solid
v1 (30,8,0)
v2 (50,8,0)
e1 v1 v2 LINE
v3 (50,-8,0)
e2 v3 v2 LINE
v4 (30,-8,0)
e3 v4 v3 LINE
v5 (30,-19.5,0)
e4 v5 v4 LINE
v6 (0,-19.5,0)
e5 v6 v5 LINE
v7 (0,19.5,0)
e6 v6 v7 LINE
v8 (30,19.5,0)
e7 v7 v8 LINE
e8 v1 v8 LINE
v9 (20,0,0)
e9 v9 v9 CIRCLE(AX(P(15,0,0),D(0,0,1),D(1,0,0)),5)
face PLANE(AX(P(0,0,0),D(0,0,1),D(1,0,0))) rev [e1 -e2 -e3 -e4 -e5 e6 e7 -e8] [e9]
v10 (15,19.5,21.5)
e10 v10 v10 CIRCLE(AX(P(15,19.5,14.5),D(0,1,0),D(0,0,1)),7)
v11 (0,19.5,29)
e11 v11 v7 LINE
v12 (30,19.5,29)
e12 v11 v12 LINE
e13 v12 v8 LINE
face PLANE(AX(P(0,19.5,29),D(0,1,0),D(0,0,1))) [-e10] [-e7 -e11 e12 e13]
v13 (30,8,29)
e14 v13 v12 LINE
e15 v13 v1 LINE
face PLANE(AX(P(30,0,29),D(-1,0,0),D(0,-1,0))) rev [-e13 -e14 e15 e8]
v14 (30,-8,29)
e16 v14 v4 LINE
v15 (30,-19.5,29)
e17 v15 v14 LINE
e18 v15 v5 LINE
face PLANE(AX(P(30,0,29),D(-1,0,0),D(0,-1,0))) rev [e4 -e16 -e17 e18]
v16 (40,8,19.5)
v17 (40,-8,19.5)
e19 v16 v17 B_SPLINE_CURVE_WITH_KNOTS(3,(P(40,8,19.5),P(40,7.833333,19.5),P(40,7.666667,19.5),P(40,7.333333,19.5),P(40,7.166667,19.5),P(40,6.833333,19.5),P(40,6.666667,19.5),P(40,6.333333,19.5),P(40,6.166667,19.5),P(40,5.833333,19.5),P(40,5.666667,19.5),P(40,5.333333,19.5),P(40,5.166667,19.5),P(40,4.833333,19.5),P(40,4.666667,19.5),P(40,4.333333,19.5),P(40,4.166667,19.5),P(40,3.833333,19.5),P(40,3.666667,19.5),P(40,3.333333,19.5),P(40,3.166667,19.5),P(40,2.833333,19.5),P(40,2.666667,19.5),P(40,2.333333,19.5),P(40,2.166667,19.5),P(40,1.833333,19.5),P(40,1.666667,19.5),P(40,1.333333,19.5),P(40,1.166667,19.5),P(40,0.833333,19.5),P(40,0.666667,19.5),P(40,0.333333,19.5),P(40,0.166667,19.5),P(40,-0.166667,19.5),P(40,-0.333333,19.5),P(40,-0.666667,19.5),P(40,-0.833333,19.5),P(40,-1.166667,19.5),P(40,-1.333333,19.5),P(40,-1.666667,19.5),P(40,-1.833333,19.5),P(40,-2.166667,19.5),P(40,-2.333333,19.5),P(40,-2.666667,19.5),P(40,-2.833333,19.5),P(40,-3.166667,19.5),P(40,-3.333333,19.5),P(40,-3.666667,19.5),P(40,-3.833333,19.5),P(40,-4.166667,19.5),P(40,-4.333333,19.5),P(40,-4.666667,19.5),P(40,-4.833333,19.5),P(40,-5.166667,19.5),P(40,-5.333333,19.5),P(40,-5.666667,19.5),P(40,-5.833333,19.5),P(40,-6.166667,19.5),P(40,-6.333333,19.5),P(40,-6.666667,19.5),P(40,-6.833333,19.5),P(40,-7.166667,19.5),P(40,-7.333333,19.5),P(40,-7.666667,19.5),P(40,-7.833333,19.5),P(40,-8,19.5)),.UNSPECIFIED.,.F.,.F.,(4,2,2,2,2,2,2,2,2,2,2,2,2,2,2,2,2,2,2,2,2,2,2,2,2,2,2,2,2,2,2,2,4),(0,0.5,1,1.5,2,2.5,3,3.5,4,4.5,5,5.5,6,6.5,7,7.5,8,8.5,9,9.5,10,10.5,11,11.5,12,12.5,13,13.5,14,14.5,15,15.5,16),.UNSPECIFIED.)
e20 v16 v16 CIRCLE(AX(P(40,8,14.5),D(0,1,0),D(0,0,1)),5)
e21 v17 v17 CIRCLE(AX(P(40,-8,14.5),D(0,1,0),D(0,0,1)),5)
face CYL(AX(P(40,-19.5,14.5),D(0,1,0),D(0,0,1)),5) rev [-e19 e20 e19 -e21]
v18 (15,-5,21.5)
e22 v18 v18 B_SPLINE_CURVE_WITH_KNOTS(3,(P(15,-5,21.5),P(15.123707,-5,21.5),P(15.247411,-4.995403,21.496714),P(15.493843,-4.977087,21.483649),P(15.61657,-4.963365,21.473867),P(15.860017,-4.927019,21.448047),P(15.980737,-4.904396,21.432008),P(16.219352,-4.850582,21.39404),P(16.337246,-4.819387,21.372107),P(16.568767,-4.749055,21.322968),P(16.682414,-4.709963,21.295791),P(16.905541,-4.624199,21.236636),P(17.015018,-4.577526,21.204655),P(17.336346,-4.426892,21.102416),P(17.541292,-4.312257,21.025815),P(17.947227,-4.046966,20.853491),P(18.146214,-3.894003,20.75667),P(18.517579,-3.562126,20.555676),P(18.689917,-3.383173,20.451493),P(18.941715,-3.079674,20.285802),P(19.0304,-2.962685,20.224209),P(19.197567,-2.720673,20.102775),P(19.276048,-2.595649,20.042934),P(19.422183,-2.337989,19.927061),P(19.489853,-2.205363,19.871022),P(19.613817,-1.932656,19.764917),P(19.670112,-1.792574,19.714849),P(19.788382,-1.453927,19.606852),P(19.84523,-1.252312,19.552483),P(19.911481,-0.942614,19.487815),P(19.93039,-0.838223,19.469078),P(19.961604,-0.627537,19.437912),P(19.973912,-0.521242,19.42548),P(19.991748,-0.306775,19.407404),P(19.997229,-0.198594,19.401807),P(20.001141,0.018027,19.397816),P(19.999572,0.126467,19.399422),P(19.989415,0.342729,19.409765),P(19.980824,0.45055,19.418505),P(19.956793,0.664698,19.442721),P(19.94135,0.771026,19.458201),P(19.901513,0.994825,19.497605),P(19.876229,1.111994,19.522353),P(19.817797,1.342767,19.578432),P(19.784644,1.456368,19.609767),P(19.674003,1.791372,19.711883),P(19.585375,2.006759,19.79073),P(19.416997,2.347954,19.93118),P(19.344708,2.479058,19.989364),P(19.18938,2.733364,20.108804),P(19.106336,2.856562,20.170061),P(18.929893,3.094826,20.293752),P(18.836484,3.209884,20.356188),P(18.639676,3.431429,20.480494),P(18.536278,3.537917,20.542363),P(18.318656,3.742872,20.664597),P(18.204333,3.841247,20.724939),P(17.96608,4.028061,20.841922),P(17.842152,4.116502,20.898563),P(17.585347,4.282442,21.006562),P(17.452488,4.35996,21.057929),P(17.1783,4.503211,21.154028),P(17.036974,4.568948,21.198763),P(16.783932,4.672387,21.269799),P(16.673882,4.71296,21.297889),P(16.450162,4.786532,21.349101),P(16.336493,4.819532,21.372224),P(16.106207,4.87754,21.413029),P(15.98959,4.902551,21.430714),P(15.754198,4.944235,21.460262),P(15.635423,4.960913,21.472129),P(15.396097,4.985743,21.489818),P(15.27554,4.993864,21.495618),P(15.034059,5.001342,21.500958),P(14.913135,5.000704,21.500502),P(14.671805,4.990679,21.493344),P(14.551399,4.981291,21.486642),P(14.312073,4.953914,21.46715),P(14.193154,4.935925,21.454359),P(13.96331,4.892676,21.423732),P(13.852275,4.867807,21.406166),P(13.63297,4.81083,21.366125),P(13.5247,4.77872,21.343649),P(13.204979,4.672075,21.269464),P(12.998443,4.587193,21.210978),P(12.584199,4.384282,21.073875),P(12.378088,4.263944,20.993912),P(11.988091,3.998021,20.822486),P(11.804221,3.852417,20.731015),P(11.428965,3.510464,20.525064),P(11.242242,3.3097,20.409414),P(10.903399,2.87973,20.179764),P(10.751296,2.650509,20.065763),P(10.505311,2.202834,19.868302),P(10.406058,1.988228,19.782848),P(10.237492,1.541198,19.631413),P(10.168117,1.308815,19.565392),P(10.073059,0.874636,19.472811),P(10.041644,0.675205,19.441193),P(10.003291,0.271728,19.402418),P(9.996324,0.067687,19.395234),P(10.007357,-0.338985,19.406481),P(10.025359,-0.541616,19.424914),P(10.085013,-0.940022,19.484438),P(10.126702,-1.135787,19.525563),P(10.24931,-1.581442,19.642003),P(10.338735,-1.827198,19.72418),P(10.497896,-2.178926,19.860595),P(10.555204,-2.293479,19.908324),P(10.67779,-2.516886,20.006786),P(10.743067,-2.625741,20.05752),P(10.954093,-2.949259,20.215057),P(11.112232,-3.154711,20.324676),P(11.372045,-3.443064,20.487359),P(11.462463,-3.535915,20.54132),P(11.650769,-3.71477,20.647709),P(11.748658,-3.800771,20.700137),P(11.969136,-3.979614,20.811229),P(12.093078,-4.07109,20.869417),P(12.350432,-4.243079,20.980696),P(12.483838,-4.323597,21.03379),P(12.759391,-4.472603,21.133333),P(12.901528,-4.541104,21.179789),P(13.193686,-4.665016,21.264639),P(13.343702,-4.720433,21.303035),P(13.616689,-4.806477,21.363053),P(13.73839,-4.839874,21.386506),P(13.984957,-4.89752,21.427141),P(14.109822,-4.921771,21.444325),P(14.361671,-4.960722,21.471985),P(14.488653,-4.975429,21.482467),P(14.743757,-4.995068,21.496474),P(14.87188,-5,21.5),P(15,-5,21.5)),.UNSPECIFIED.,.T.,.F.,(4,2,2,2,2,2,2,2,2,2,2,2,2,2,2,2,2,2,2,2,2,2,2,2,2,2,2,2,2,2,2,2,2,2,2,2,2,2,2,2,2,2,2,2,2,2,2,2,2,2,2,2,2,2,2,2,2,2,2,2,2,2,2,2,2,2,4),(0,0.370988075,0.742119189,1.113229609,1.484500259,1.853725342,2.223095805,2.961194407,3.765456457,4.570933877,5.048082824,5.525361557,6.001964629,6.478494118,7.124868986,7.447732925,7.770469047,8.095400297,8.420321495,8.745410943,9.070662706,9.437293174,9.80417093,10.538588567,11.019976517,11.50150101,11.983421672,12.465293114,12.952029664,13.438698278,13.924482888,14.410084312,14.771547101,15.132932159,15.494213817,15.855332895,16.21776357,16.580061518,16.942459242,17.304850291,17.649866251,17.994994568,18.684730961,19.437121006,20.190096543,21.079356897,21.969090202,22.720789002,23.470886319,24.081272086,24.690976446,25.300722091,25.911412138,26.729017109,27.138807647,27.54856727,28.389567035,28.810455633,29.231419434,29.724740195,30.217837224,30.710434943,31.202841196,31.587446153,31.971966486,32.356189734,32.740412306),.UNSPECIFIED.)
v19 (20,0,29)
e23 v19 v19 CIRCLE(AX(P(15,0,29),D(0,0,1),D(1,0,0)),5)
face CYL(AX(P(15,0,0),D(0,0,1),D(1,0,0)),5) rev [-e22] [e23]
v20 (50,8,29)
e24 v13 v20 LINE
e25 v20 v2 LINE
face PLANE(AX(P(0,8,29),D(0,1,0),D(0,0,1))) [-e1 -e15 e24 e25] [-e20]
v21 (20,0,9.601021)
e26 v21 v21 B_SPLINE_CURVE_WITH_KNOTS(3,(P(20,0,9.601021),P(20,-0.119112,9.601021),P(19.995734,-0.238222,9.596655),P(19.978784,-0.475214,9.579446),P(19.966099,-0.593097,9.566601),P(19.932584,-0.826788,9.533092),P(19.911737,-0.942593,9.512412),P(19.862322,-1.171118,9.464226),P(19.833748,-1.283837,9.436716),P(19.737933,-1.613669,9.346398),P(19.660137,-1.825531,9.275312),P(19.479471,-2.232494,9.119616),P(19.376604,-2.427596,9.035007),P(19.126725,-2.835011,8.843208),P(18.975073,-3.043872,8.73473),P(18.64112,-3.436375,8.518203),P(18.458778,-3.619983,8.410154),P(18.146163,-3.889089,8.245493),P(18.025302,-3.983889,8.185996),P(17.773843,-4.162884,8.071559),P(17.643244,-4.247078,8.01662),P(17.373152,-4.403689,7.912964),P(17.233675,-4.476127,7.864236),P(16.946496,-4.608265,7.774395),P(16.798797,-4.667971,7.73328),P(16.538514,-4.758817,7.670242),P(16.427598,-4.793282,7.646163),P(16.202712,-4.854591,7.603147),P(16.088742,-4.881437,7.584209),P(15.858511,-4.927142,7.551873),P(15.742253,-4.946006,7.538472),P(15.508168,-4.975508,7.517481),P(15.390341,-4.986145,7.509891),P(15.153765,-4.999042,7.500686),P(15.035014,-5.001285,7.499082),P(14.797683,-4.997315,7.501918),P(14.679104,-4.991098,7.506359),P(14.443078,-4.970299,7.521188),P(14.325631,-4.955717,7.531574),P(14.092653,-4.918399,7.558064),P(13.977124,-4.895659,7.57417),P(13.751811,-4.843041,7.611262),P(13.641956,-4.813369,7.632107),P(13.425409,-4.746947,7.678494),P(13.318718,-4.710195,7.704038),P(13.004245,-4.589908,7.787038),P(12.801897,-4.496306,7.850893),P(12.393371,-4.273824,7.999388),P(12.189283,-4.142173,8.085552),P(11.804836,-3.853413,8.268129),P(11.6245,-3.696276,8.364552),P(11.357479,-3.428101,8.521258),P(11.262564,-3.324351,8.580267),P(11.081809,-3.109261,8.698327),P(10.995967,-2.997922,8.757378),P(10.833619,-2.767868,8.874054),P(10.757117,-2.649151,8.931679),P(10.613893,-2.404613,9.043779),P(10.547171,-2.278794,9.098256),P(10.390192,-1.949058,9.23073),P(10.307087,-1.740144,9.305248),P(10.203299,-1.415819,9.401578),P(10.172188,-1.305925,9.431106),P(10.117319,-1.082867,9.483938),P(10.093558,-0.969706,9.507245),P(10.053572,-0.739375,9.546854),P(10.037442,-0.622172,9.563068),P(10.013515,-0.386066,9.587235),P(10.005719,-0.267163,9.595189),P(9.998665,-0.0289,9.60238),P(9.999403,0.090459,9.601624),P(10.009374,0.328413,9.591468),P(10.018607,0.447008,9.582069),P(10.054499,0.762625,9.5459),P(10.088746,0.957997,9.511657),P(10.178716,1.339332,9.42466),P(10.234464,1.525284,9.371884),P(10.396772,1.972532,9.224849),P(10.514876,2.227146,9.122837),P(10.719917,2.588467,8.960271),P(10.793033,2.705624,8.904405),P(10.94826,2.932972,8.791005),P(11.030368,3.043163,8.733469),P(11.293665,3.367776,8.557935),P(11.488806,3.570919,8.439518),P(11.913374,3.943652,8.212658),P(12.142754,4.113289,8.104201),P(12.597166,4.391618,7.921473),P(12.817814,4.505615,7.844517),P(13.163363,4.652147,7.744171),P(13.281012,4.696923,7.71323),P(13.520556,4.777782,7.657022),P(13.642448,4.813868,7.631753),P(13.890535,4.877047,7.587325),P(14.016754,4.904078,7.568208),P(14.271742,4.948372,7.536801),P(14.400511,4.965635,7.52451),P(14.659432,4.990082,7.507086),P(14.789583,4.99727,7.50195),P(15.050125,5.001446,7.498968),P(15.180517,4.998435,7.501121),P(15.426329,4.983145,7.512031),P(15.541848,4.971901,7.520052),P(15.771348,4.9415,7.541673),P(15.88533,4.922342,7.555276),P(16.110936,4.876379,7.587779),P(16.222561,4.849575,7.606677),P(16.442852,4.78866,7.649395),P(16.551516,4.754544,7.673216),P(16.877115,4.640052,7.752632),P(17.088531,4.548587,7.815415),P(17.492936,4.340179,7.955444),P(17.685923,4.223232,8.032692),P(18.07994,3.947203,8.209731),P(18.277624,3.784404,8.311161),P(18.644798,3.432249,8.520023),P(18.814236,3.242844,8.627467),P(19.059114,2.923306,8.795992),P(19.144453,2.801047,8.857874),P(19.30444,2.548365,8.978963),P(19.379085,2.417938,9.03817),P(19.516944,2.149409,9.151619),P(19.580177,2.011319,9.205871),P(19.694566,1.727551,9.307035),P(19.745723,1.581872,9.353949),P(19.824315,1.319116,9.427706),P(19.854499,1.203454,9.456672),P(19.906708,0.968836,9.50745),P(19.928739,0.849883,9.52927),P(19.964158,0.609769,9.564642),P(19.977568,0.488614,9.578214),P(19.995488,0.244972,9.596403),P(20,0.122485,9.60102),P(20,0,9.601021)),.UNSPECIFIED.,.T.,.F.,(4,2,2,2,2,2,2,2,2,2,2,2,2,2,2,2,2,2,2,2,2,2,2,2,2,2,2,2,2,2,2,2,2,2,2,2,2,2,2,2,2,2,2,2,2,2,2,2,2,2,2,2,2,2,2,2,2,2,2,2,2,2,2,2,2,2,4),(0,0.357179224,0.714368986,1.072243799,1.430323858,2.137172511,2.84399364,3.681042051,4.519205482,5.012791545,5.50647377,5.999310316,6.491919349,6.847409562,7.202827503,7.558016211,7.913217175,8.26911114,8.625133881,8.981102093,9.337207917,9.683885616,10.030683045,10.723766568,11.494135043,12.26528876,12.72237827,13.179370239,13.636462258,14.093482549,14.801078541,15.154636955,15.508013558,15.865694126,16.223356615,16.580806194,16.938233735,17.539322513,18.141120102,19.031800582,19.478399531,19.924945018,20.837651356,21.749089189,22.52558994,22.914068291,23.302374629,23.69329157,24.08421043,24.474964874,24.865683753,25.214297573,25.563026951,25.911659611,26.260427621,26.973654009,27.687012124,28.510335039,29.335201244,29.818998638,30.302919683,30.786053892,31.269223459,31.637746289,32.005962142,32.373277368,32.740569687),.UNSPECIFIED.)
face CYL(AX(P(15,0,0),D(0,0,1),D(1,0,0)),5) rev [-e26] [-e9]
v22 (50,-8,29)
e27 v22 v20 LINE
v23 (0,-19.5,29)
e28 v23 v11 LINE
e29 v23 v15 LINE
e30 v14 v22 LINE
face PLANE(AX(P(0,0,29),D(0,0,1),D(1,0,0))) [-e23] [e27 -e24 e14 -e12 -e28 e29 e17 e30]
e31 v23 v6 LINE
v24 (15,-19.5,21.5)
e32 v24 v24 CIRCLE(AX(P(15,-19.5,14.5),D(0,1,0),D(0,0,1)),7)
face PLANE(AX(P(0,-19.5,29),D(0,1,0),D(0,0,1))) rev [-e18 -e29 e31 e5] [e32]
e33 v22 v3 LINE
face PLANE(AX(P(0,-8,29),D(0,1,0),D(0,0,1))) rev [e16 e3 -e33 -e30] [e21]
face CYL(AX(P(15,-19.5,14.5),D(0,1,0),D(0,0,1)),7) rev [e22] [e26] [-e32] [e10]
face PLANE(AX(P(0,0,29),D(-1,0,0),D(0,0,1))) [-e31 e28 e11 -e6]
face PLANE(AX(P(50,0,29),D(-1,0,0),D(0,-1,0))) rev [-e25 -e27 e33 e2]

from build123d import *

# Parameters (mm, degrees)
ESQUISSE1_W             = 20
ESQUISSE1_H             = 8
BOSS_EXTRU_1_DEPTH      = 29
ESQUISSE2_R             = 7
ESQUISSE2_R_2           = 5
ENL_V_MAT_EXTRU_1_DEPTH = 70.728043139
ESQUISSE4_R             = 5
ENL_V_MAT_EXTRU_2_DEPTH = 62.002049146


with BuildPart() as part:
    # Esquisse1 → Boss.-Extru.1 (new body)
    with BuildSketch(Plane.XY):
        Polygon((0, 0), (30, 0), (30, 8), (30, 19.5), (0, 19.5), align=None)
        Polygon((30, -19.5), (30, -8), (30, 0), (0, 0), (0, -19.5), align=None)
        with Locations((40, -4)):
            Rectangle(ESQUISSE1_W, ESQUISSE1_H)
        with Locations((40, 4)):
            Rectangle(ESQUISSE1_W, ESQUISSE1_H)
    extrude(amount=BOSS_EXTRU_1_DEPTH)

    # Esquisse2 → Enlèv. mat.-Extru.1 (cut, through all)
    with BuildSketch(Plane(origin=(0, 19.5, 0), x_dir=(1, 0, 0), z_dir=(0, 1, 0))):
        with Locations(Location((15, -14.5, 0), (0, 0, 270))):
            Circle(ESQUISSE2_R)
        with Locations(Location((40, -14.5, 0), (0, 0, 270))):
            Circle(ESQUISSE2_R_2)
    extrude(amount=-ENL_V_MAT_EXTRU_1_DEPTH, mode=Mode.SUBTRACT)

    # Esquisse4 → Enlèv. mat.-Extru.2 (cut, through all)
    with BuildSketch(Plane.XY.offset(29)):
        with Locations((15, 0)):
            Circle(ESQUISSE4_R)
    extrude(amount=-ENL_V_MAT_EXTRU_2_DEPTH, mode=Mode.SUBTRACT)


solid = part.part
